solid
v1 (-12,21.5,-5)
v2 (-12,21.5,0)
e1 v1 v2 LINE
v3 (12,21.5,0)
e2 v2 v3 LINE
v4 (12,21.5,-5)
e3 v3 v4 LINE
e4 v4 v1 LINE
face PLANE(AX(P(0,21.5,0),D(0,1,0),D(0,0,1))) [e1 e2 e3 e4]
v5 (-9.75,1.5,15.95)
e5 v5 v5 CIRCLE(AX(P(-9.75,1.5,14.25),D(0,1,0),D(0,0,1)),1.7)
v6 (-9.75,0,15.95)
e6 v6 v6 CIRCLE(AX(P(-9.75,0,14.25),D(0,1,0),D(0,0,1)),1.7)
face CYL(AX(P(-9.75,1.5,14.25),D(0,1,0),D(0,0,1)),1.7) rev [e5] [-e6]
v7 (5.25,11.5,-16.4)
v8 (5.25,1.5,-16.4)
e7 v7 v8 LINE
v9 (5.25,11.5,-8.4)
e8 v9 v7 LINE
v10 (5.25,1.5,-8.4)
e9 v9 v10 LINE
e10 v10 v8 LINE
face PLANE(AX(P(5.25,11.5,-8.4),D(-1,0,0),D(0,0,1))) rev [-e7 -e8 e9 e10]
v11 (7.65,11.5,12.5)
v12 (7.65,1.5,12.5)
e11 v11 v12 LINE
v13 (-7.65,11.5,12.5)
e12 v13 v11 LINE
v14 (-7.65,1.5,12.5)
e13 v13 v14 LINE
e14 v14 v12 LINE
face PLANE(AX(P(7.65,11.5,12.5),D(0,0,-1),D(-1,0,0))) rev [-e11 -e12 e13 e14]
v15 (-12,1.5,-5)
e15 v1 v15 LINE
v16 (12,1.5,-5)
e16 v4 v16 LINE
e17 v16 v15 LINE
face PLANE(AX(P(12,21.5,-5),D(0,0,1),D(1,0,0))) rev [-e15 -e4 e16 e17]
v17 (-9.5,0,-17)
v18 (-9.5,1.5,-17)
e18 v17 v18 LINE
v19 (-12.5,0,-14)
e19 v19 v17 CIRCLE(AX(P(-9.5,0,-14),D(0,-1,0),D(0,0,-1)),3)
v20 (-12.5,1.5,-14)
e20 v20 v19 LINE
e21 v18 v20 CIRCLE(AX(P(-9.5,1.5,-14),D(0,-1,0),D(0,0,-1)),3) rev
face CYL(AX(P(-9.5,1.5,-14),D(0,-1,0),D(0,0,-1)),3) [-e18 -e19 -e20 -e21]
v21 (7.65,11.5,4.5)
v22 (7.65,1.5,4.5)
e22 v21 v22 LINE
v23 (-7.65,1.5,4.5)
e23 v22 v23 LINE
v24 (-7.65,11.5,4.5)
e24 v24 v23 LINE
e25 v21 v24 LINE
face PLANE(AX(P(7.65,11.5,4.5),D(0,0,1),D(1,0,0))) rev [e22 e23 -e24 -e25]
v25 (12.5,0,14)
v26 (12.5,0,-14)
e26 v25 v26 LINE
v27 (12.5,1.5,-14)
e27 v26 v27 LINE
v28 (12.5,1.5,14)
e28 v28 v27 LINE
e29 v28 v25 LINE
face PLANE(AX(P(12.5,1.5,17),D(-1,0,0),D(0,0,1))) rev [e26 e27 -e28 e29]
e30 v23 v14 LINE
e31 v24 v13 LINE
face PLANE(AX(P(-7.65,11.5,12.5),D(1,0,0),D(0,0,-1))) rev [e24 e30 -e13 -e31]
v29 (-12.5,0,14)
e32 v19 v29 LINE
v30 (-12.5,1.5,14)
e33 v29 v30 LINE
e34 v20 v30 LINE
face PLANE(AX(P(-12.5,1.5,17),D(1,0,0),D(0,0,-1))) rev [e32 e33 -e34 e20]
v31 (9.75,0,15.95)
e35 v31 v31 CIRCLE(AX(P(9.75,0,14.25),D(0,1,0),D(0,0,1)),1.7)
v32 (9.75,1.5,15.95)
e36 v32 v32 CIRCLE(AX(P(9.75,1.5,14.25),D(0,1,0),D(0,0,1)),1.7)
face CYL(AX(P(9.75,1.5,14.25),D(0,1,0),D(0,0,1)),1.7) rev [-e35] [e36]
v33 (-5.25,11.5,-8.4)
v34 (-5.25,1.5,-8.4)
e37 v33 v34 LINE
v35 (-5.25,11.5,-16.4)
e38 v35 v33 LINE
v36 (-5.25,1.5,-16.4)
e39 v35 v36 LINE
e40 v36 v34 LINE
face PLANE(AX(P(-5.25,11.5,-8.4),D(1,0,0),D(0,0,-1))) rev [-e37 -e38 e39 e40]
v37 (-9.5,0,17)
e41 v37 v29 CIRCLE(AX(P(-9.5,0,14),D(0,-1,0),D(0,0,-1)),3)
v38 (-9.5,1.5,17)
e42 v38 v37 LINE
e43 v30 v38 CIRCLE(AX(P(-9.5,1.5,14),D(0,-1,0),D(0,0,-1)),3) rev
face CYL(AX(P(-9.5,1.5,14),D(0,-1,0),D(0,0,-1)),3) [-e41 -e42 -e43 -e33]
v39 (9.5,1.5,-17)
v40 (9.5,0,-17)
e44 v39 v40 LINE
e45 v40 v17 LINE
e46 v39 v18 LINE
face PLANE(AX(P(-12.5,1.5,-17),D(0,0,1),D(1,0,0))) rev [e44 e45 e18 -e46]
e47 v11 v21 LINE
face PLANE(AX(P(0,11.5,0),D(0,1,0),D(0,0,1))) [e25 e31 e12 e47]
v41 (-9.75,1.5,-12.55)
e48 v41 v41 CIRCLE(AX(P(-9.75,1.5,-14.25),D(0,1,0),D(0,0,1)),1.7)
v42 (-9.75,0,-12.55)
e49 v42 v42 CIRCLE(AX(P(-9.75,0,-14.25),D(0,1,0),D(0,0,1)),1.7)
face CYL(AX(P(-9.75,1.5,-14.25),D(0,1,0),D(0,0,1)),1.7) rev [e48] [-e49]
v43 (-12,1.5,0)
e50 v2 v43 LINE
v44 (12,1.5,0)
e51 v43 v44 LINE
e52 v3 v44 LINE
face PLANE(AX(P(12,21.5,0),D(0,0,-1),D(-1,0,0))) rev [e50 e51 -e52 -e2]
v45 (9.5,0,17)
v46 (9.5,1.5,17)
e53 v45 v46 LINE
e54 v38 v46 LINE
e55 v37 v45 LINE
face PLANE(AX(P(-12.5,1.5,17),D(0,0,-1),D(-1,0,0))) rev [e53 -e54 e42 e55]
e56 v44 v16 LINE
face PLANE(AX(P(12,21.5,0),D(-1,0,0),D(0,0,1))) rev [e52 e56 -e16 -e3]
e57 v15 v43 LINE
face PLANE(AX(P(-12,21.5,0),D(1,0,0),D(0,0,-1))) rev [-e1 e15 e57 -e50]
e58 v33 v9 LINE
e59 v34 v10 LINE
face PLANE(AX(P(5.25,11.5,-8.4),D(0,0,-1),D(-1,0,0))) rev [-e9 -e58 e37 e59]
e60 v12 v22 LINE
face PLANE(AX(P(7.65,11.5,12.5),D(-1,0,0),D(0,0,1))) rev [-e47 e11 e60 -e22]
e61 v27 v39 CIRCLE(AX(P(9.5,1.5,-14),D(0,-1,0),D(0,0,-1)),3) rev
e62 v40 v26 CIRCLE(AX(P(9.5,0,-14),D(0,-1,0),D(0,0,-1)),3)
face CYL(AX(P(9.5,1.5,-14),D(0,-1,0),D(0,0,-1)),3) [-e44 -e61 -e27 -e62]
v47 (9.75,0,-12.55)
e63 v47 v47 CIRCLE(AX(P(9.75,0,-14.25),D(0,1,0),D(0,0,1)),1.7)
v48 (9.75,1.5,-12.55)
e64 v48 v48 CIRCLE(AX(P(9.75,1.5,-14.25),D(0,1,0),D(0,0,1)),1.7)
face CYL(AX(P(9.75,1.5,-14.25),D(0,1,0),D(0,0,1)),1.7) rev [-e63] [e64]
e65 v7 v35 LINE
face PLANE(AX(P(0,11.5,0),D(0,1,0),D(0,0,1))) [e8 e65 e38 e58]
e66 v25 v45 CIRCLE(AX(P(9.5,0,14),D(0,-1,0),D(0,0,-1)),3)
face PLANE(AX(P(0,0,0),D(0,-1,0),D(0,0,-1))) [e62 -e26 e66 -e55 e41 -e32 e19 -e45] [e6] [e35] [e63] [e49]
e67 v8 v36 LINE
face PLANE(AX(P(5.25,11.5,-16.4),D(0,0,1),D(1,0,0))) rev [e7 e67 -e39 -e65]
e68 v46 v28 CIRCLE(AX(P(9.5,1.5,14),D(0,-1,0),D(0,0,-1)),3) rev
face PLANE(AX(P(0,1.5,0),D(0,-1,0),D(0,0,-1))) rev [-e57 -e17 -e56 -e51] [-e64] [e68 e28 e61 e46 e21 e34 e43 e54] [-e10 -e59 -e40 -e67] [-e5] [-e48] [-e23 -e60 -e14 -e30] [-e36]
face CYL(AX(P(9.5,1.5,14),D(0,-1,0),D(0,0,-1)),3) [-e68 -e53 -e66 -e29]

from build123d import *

# Parameters (mm, degrees)
SKIZZE2_W                       = 25
SKIZZE2_H                       = 34
AUFSATZ_LINEAR_AUSTRAGEN1_DEPTH = 1.5
VERRUNDUNG1_R                   = 3
DURCHGANGSLOCH_F_R_M31_D        = 3.4
SKIZZE5_W                       = 24
SKIZZE5_H                       = 5
AUFSATZ_LINEAR_AUSTRAGEN2_DEPTH = 20
SKIZZE6_W                       = 10.5
SKIZZE6_H                       = 8
SKIZZE6_W_2                     = 15.3
AUFSATZ_LINEAR_AUSTRAGEN3_DEPTH = 10


with BuildPart() as part:
    # Skizze2 → Aufsatz-Linear austragen1 (new body)
    with BuildSketch(Plane(origin=(0, 0, 0), x_dir=(1, 0, 0), z_dir=(0, 1, 0))):
        Rectangle(SKIZZE2_W, SKIZZE2_H)
    extrude(amount=AUFSATZ_LINEAR_AUSTRAGEN1_DEPTH)

    # Verrundung1
    verrundung1_edges = [part.edges().sort_by_distance(p)[0] for p in [
        (12.5, 0.75, 17),
        (-12.5, 0.75, 17),
        (-12.5, 0.75, -17),
        (12.5, 0.75, -17),
    ]]
    fillet(verrundung1_edges, radius=VERRUNDUNG1_R)

    # Durchgangsloch für M31 (through all)
    with Locations(Plane(origin=(0, 1.5, 0), x_dir=(1, 0, 0), z_dir=(0, 1, 0))):
        with Locations((-9.75, 14.25), (9.75, 14.25), (9.75, -14.25), (-9.75, -14.25)):
            Hole(DURCHGANGSLOCH_F_R_M31_D / 2)

    # Skizze5 → Aufsatz-Linear austragen2 (add)
    with BuildSketch(Plane(origin=(0, 1.5, 0), x_dir=(1, 0, 0), z_dir=(0, 1, 0))):
        with Locations((0, 2.5)):
            Rectangle(SKIZZE5_W, SKIZZE5_H)
    extrude(amount=AUFSATZ_LINEAR_AUSTRAGEN2_DEPTH)

    # Skizze6 → Aufsatz-Linear austragen3 (add)
    with BuildSketch(Plane(origin=(0, 1.5, 0), x_dir=(1, 0, 0), z_dir=(0, 1, 0))):
        with Locations((0, 12.4)):
            Rectangle(SKIZZE6_W, SKIZZE6_H)
        with Locations((0, -8.5)):
            Rectangle(SKIZZE6_W_2, SKIZZE6_H)
    extrude(amount=AUFSATZ_LINEAR_AUSTRAGEN3_DEPTH)


solid = part.part
